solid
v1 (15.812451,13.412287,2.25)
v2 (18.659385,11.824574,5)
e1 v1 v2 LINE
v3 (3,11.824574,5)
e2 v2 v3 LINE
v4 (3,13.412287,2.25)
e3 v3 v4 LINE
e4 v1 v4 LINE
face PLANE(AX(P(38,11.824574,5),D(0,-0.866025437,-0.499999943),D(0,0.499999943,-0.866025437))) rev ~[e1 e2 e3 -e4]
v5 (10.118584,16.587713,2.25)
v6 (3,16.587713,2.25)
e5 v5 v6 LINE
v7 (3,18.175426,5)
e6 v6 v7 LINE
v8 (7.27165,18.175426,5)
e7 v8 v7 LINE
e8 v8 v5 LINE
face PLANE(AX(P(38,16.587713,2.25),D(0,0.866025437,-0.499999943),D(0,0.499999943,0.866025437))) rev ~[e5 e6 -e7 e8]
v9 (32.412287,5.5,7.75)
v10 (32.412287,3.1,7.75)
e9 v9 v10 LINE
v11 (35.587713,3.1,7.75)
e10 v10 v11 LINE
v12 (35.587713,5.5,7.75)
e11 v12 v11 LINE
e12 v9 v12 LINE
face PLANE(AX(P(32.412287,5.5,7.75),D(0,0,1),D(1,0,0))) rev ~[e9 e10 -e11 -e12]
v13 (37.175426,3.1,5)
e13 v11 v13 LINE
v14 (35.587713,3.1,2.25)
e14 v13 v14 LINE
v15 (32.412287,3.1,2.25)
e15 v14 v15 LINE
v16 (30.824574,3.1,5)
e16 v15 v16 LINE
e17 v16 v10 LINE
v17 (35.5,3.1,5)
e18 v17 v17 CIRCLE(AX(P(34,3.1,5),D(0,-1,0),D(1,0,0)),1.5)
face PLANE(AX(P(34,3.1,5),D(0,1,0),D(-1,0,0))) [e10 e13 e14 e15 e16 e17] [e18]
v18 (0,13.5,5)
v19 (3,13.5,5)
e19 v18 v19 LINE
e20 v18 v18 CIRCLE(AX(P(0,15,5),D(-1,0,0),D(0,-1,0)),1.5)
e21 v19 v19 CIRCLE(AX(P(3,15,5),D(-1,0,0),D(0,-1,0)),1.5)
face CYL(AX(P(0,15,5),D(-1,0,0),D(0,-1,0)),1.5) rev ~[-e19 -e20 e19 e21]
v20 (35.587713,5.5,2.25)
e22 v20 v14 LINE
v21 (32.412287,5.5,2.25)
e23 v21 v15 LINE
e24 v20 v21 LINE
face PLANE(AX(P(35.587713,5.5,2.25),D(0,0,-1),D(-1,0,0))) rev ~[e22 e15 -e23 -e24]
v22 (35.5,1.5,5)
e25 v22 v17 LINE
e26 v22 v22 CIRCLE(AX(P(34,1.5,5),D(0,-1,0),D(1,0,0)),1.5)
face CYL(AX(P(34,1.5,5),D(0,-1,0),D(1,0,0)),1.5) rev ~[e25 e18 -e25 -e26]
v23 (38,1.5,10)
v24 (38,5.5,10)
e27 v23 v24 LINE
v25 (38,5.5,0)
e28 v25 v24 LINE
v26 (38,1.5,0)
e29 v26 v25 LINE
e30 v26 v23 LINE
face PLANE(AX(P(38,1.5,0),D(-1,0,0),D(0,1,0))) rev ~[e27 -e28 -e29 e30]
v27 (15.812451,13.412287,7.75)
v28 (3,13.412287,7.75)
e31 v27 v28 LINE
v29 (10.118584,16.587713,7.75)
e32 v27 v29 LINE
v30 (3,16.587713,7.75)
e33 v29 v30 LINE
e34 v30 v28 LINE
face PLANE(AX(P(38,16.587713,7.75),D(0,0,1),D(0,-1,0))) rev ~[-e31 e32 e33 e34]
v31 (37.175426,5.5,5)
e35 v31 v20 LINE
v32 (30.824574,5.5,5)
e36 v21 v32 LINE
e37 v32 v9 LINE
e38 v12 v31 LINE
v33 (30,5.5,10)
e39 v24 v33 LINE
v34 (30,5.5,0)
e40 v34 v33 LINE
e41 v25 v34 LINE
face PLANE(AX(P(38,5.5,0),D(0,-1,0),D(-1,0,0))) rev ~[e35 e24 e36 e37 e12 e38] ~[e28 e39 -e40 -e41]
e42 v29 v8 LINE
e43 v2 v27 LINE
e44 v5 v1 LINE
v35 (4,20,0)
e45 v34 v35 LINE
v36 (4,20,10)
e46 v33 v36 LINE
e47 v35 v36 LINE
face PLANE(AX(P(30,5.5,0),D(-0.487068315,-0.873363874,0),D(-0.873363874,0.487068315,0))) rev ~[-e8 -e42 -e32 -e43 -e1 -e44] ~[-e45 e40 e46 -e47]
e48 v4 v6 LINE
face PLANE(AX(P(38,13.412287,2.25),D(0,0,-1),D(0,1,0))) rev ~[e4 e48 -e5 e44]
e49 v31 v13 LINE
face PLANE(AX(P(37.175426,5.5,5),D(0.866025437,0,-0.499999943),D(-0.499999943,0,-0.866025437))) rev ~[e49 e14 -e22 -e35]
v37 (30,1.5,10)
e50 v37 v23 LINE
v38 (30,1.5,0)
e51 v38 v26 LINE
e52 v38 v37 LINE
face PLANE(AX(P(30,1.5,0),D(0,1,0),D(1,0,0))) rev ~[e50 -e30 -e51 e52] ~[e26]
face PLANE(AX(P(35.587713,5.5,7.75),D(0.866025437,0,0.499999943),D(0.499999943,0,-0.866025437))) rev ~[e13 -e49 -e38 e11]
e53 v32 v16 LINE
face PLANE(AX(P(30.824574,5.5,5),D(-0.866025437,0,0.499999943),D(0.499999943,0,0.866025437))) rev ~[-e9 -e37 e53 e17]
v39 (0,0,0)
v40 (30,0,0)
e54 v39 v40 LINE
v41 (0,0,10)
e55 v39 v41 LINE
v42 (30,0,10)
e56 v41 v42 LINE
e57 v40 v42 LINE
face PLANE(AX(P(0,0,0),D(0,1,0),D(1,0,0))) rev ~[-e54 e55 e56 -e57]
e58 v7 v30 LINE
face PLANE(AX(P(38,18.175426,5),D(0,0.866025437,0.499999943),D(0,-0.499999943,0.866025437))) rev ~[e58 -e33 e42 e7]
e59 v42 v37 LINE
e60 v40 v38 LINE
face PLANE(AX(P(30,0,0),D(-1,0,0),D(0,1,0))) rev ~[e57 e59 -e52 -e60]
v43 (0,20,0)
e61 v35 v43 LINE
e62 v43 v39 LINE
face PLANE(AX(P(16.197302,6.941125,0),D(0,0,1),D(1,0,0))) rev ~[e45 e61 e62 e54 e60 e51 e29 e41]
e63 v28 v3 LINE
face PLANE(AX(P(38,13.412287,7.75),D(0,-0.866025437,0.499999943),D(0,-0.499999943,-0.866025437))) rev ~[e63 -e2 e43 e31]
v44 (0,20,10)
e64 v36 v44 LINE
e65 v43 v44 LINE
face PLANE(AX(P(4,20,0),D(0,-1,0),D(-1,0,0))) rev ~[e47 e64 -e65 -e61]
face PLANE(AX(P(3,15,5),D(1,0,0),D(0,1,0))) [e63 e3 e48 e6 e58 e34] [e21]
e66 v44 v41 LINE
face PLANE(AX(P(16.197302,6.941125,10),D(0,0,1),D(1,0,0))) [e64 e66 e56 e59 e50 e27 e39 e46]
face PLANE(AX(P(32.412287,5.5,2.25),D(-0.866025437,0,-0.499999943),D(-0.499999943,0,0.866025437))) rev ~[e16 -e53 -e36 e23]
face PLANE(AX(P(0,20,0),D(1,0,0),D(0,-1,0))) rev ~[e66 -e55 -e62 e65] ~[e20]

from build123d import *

# Parameters (mm, degrees)
PAD_DEPTH       = 10
SKETCH001_R     = 1.5
POCKET_DEPTH    = 18.501
POCKET001_DEPTH = 2.4
SKETCH003_R     = 1.5
POCKET002_DEPTH = 38.001
POCKET003_DEPTH = 35


with BuildPart() as part:
    # Sketch → Pad (new body)
    with BuildSketch(Plane.XY):
        Polygon((0, 0), (30, 0), (30, 1.5), (38, 1.5), (38, 5.5), (30, 5.5), (4, 20), (0, 20), align=None)
    extrude(amount=PAD_DEPTH)

    # Sketch001 (on Face3 of Pad) → Pocket (cut, through all)
    with BuildSketch(Plane(origin=(30, 1.5, 0), x_dir=(1, 0, 0), z_dir=(0, -1, 0))):
        with Locations((4, 5)):
            Circle(SKETCH001_R)
    extrude(amount=-POCKET_DEPTH, mode=Mode.SUBTRACT)

    # Sketch002 (on Face9 of Pocket) → Pocket001 (cut)
    with BuildSketch(Plane(origin=(0, 5.5, 0), x_dir=(-1, 0, 0), z_dir=(0, 1, 0))):
        Polygon((-30.824574, 5), (-32.412287, 7.75), (-35.587713, 7.75), (-37.175426, 5), (-35.587713, 2.25), (-32.412287, 2.25), align=None)
    extrude(amount=-POCKET001_DEPTH, mode=Mode.SUBTRACT)

    # Sketch003 (on Face2 of Pocket001) → Pocket002 (cut, through all)
    with BuildSketch(Plane(origin=(0, 0, 0), x_dir=(0, -1, 0), z_dir=(-1, 0, 0))):
        with Locations((-15, 5)):
            Circle(SKETCH003_R)
    extrude(amount=-POCKET002_DEPTH, mode=Mode.SUBTRACT)

    # Sketch004 (on Face9 of Pocket002) → Pocket003 (cut)
    with BuildSketch(Plane.YZ.offset(38)):
        Polygon((16.587713, 2.25), (18.175426, 5), (16.587713, 7.75), (13.412287, 7.75), (11.824574, 5), (13.412287, 2.25), align=None)
    extrude(amount=-POCKET003_DEPTH, mode=Mode.SUBTRACT)


solid = part.part
